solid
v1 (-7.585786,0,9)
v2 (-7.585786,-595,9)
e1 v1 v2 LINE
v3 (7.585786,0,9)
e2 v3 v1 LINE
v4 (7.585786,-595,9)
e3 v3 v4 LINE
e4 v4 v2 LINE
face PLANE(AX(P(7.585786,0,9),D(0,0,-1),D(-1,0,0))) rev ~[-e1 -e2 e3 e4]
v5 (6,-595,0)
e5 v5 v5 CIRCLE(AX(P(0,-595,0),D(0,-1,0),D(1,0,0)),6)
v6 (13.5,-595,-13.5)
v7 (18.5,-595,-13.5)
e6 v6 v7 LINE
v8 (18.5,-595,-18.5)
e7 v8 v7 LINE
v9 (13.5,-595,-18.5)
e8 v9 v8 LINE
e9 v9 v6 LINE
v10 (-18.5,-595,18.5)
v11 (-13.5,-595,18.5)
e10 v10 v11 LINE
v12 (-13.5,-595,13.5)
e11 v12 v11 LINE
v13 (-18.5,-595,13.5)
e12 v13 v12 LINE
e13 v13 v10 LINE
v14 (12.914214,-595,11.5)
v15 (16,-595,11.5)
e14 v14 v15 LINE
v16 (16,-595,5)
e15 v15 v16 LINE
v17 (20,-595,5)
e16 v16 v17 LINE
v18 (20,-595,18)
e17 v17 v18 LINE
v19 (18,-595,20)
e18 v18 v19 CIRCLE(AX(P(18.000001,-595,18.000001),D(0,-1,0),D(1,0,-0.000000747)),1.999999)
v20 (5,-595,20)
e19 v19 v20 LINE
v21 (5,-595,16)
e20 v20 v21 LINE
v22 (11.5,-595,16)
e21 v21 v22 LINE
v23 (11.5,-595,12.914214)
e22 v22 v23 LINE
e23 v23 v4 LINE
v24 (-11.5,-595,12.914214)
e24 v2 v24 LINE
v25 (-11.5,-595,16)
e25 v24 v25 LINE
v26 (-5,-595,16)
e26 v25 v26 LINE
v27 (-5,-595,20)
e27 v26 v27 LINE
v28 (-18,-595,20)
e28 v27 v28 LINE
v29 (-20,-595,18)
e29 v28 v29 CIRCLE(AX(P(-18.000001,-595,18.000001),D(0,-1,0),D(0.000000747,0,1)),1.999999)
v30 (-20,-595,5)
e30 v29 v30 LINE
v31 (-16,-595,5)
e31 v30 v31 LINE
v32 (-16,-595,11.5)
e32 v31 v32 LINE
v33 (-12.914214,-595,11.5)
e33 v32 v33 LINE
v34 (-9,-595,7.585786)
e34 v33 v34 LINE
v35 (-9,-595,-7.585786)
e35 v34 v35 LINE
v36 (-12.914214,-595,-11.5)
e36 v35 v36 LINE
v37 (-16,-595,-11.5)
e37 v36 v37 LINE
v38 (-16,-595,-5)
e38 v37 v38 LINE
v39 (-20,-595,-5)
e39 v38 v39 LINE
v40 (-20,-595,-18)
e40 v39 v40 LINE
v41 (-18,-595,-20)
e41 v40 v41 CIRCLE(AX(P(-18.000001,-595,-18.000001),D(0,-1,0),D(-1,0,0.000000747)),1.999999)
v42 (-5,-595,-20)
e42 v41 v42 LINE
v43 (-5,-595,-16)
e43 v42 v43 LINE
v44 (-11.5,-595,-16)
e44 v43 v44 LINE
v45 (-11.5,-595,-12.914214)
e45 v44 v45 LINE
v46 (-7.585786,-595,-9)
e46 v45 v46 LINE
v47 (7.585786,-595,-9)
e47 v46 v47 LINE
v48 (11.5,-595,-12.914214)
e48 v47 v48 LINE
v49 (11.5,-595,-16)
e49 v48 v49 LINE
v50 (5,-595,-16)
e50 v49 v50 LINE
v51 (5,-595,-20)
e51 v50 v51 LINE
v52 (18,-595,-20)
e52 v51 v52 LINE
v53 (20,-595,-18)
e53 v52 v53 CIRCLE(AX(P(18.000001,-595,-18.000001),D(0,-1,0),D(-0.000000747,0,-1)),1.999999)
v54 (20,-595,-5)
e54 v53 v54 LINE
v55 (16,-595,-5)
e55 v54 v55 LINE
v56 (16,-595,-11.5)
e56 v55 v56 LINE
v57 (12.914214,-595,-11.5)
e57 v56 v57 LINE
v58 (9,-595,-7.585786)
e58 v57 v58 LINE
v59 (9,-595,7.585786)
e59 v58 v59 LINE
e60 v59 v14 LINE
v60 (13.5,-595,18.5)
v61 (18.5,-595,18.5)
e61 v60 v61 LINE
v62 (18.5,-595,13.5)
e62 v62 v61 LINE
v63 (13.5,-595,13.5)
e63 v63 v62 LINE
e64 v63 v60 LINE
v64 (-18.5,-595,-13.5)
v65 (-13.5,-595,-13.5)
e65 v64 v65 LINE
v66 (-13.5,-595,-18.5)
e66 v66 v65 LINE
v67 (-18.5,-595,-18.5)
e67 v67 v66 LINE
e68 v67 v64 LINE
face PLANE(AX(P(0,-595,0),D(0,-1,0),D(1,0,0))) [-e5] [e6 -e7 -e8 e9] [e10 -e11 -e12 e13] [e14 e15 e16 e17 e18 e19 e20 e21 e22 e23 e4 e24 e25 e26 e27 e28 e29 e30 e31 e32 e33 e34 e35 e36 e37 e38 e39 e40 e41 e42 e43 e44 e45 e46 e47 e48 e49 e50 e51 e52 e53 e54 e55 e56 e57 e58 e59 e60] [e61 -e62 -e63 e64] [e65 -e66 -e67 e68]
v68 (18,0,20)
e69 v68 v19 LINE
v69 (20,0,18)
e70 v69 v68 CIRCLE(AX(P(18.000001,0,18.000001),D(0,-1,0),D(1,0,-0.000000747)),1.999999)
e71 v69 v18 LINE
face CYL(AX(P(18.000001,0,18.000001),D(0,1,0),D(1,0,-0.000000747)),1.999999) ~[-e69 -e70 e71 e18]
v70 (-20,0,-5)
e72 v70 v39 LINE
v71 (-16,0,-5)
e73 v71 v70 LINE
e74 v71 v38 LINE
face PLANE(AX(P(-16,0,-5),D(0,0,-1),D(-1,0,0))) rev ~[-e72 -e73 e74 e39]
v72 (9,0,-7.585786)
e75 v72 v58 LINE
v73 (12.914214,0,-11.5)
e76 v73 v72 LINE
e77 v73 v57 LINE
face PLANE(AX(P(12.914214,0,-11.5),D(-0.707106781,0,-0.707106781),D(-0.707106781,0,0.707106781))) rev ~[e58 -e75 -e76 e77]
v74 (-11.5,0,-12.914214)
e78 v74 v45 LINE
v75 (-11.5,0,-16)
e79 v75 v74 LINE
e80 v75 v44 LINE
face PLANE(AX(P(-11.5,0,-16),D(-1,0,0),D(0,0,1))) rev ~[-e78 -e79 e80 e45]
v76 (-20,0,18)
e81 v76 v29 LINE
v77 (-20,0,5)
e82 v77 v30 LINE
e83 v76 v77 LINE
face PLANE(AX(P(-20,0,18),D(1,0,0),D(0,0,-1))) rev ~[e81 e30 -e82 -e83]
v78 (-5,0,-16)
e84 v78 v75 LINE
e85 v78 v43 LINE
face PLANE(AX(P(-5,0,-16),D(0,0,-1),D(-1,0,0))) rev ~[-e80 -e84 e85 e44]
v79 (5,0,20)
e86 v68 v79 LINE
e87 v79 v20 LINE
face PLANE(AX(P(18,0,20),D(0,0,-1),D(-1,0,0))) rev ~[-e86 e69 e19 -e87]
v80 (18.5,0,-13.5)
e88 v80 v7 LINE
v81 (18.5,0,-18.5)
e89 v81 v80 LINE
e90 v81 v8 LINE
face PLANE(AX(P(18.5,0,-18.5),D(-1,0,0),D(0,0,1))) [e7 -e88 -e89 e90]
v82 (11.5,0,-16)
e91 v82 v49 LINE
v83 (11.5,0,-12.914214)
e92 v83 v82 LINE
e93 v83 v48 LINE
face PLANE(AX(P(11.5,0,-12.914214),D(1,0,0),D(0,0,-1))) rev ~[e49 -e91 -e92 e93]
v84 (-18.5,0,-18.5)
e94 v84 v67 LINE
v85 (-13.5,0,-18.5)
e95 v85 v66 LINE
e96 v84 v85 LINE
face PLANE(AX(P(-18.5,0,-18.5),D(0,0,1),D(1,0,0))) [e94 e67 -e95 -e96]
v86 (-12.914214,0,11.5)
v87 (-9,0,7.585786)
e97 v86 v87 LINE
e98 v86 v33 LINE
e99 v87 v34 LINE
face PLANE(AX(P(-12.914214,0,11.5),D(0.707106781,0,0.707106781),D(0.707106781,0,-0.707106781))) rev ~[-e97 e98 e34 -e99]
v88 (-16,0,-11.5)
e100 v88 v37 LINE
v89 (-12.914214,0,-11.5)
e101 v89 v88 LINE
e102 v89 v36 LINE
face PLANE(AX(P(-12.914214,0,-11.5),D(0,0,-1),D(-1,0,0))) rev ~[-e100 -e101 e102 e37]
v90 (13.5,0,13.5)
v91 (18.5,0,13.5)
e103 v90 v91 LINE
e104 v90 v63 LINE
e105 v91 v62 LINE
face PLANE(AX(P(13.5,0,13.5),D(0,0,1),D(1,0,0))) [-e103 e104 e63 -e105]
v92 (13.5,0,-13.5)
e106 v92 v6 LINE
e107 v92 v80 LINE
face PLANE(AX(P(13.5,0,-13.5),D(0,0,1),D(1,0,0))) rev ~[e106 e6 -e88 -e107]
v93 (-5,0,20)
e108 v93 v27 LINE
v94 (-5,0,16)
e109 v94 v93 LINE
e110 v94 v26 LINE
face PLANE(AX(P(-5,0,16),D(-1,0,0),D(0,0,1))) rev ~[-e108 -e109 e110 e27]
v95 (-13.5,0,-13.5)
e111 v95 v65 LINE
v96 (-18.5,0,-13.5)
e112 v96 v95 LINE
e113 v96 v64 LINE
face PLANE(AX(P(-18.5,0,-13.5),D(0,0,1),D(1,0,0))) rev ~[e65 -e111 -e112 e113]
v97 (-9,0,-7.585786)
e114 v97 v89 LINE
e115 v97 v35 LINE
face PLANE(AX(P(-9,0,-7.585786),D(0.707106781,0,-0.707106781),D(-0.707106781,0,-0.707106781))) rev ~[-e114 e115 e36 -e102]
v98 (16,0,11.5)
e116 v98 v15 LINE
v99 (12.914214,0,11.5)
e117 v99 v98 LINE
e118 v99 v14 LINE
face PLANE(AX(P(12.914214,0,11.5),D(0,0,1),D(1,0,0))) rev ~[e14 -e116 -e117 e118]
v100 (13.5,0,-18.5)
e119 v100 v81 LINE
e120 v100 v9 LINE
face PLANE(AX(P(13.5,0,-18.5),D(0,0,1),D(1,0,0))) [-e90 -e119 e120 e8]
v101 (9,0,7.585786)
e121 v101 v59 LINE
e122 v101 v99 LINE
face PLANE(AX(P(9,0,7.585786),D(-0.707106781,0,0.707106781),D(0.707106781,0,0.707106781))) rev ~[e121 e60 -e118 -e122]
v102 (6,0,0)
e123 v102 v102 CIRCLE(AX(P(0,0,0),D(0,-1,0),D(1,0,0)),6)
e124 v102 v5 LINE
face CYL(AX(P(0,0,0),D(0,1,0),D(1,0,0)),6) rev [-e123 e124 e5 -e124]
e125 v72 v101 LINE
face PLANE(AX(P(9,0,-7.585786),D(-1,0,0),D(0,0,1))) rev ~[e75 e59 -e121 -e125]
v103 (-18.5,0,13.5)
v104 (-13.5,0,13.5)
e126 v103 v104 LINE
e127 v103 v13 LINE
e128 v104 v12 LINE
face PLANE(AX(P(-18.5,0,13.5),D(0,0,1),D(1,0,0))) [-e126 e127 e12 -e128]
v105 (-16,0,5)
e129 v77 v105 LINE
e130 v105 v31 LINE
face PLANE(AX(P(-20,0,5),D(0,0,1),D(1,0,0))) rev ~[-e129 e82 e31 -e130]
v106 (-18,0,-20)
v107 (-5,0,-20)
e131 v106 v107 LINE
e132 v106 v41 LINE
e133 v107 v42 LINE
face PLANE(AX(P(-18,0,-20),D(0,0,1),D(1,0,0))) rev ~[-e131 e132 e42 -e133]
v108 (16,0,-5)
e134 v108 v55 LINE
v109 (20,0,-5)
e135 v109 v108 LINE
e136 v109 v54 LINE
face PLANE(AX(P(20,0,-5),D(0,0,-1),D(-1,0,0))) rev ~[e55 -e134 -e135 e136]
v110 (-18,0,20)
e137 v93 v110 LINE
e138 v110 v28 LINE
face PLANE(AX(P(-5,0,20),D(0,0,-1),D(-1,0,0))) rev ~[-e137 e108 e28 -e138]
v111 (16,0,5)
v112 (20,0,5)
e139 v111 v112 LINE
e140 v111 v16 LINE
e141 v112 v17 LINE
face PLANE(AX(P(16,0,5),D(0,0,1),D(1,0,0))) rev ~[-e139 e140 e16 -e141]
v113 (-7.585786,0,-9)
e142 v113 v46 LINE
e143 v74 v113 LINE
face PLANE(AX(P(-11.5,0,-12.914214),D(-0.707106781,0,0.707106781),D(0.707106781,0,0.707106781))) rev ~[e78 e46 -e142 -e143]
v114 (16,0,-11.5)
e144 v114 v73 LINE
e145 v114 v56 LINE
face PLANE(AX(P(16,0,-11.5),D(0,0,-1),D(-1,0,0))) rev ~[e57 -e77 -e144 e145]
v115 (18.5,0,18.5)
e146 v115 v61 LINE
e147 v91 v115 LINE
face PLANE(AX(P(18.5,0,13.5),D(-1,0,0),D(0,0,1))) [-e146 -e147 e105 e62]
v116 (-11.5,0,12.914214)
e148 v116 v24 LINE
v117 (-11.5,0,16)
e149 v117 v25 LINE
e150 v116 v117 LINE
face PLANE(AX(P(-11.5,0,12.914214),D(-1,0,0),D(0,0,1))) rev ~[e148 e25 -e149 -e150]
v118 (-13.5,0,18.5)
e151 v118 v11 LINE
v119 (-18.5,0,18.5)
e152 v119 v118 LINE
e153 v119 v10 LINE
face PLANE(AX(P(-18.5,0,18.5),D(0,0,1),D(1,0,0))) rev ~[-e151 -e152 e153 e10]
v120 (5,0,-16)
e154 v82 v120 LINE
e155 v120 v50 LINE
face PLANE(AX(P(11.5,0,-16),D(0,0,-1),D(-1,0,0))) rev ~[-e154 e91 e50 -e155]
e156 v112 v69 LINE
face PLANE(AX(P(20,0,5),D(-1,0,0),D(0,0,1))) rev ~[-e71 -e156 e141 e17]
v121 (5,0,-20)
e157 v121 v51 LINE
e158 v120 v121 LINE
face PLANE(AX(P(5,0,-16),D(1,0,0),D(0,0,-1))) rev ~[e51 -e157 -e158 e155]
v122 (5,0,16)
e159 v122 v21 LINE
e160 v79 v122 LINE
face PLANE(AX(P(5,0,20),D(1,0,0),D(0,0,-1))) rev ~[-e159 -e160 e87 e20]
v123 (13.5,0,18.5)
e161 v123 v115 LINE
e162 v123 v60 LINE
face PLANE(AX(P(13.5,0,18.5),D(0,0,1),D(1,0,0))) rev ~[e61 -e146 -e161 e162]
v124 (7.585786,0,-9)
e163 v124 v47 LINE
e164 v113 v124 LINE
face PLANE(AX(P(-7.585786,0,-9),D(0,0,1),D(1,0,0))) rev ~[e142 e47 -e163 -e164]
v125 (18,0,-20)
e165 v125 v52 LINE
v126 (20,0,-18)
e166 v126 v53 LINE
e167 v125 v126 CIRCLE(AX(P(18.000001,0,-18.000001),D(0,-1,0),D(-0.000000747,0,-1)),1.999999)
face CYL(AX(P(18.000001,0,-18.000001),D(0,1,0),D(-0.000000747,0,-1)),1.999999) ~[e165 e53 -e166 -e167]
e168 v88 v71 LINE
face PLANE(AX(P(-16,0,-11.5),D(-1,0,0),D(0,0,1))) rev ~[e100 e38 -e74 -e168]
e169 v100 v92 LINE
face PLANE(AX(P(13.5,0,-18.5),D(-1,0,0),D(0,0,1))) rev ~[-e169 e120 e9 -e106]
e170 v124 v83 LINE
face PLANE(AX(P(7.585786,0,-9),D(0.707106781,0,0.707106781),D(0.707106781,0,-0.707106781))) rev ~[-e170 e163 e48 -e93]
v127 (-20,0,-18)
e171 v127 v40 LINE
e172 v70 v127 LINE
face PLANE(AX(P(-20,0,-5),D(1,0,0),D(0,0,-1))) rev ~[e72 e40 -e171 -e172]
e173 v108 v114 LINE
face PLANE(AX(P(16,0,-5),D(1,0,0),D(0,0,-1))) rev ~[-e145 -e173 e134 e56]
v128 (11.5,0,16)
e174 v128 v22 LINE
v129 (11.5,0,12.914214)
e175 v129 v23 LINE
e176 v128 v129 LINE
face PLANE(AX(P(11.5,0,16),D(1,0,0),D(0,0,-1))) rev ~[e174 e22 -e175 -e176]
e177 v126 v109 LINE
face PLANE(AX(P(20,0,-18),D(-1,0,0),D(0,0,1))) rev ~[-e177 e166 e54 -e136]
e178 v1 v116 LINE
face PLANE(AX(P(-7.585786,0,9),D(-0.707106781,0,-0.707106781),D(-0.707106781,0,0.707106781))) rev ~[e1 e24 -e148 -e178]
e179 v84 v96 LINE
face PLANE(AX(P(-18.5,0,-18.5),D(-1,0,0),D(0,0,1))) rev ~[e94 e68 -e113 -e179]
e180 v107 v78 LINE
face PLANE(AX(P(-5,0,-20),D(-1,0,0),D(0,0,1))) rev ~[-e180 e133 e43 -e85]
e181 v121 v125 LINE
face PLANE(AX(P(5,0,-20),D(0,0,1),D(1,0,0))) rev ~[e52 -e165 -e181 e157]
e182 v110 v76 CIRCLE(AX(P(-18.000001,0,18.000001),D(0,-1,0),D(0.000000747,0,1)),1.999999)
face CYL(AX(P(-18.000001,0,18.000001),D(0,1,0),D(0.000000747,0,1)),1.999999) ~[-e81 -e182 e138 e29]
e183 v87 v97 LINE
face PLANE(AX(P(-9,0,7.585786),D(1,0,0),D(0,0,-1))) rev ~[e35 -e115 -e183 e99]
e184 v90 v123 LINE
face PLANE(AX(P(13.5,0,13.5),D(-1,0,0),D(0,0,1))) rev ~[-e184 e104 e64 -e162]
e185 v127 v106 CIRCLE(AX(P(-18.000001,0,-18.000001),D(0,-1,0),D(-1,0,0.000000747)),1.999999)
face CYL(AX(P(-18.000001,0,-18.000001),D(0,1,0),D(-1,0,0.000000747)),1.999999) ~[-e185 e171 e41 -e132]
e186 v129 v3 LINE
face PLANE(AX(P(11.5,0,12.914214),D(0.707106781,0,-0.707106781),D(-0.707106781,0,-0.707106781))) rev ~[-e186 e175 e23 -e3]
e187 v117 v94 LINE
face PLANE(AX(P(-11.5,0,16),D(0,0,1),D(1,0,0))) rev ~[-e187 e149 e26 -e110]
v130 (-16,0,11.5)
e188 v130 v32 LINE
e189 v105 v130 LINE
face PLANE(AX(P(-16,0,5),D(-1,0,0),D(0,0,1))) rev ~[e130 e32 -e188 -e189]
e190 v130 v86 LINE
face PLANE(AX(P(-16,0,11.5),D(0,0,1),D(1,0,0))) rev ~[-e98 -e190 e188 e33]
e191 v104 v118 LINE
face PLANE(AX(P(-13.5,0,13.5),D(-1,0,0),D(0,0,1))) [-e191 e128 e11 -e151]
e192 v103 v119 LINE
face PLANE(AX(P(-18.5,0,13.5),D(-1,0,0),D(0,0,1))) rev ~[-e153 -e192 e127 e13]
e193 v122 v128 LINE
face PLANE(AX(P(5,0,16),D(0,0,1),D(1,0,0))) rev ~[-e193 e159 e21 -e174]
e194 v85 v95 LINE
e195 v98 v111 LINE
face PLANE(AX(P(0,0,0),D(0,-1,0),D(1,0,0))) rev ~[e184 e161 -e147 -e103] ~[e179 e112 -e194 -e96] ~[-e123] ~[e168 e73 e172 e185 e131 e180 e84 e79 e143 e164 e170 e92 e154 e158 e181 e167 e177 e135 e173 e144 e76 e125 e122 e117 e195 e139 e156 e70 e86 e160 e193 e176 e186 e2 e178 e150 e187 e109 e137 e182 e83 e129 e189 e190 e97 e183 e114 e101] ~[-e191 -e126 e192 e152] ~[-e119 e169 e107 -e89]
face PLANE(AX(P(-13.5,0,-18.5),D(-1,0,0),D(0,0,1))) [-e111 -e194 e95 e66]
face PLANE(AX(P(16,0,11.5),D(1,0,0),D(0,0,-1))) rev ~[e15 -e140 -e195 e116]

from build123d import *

# Parameters (mm, degrees)
F0_W     = 5
F0_H     = 5
F0_R     = 6
F1_DEPTH = 595


with BuildPart() as f1:
    # F0 (on Front) → F1 (new body)
    with BuildSketch(Plane.XZ):
        with BuildLine():
            Line((5, -20), (18, -20))
            ThreePointArc((18, -20), (19.414214, -19.414214), (20, -18))
            Line((20, -18), (20, -5))
            Line((20, -5), (16, -5))
            Line((16, -5), (16, -11.5))
            Line((16, -11.5), (12.914214, -11.5))
            Line((12.914214, -11.5), (9, -7.585786))
            Line((9, -7.585786), (9, 0))
            Line((9, 0), (9, 7.585786))
            Line((9, 7.585786), (12.914214, 11.5))
            Line((12.914214, 11.5), (16, 11.5))
            Line((16, 11.5), (16, 5))
            Line((16, 5), (20, 5))
            Line((20, 5), (20, 18))
            ThreePointArc((20, 18), (19.414214, 19.414214), (18, 20))
            Line((18, 20), (5, 20))
            Line((5, 20), (5, 16))
            Line((5, 16), (11.5, 16))
            Line((11.5, 16), (11.5, 12.914214))
            Line((11.5, 12.914214), (7.585786, 9))
            Line((7.585786, 9), (0, 9))
            Line((0, 9), (-7.585786, 9))
            Line((-7.585786, 9), (-11.5, 12.914214))
            Line((-11.5, 12.914214), (-11.5, 16))
            Line((-11.5, 16), (-5, 16))
            Line((-5, 16), (-5, 20))
            Line((-5, 20), (-18, 20))
            ThreePointArc((-18, 20), (-19.414214, 19.414214), (-20, 18))
            Line((-20, 18), (-20, 5))
            Line((-20, 5), (-16, 5))
            Line((-16, 5), (-16, 11.5))
            Line((-16, 11.5), (-12.914214, 11.5))
            Line((-12.914214, 11.5), (-9, 7.585786))
            Line((-9, 7.585786), (-9, 0))
            Line((-9, 0), (-9, -7.585786))
            Line((-9, -7.585786), (-12.914214, -11.5))
            Line((-12.914214, -11.5), (-16, -11.5))
            Line((-16, -11.5), (-16, -5))
            Line((-16, -5), (-20, -5))
            Line((-20, -5), (-20, -18))
            ThreePointArc((-20, -18), (-19.414214, -19.414214), (-18, -20))
            Line((-18, -20), (-5, -20))
            Line((-5, -20), (-5, -16))
            Line((-5, -16), (-11.5, -16))
            Line((-11.5, -16), (-11.5, -12.914214))
            Line((-11.5, -12.914214), (-7.585786, -9))
            Line((-7.585786, -9), (0, -9))
            Line((0, -9), (7.585786, -9))
            Line((7.585786, -9), (11.5, -12.914214))
            Line((11.5, -12.914214), (11.5, -16))
            Line((11.5, -16), (5, -16))
            Line((5, -16), (5, -20))
        make_face()
        with Locations((-16, -16)):
            Rectangle(F0_W, F0_H, mode=Mode.SUBTRACT)
        with Locations((16, -16)):
            Rectangle(F0_W, F0_H, mode=Mode.SUBTRACT)
        with Locations((-16, 16)):
            Rectangle(F0_W, F0_H, mode=Mode.SUBTRACT)
        Circle(F0_R, mode=Mode.SUBTRACT)
        with Locations((16, 16)):
            Rectangle(F0_W, F0_H, mode=Mode.SUBTRACT)
    extrude(amount=F1_DEPTH)


solid = f1.part
